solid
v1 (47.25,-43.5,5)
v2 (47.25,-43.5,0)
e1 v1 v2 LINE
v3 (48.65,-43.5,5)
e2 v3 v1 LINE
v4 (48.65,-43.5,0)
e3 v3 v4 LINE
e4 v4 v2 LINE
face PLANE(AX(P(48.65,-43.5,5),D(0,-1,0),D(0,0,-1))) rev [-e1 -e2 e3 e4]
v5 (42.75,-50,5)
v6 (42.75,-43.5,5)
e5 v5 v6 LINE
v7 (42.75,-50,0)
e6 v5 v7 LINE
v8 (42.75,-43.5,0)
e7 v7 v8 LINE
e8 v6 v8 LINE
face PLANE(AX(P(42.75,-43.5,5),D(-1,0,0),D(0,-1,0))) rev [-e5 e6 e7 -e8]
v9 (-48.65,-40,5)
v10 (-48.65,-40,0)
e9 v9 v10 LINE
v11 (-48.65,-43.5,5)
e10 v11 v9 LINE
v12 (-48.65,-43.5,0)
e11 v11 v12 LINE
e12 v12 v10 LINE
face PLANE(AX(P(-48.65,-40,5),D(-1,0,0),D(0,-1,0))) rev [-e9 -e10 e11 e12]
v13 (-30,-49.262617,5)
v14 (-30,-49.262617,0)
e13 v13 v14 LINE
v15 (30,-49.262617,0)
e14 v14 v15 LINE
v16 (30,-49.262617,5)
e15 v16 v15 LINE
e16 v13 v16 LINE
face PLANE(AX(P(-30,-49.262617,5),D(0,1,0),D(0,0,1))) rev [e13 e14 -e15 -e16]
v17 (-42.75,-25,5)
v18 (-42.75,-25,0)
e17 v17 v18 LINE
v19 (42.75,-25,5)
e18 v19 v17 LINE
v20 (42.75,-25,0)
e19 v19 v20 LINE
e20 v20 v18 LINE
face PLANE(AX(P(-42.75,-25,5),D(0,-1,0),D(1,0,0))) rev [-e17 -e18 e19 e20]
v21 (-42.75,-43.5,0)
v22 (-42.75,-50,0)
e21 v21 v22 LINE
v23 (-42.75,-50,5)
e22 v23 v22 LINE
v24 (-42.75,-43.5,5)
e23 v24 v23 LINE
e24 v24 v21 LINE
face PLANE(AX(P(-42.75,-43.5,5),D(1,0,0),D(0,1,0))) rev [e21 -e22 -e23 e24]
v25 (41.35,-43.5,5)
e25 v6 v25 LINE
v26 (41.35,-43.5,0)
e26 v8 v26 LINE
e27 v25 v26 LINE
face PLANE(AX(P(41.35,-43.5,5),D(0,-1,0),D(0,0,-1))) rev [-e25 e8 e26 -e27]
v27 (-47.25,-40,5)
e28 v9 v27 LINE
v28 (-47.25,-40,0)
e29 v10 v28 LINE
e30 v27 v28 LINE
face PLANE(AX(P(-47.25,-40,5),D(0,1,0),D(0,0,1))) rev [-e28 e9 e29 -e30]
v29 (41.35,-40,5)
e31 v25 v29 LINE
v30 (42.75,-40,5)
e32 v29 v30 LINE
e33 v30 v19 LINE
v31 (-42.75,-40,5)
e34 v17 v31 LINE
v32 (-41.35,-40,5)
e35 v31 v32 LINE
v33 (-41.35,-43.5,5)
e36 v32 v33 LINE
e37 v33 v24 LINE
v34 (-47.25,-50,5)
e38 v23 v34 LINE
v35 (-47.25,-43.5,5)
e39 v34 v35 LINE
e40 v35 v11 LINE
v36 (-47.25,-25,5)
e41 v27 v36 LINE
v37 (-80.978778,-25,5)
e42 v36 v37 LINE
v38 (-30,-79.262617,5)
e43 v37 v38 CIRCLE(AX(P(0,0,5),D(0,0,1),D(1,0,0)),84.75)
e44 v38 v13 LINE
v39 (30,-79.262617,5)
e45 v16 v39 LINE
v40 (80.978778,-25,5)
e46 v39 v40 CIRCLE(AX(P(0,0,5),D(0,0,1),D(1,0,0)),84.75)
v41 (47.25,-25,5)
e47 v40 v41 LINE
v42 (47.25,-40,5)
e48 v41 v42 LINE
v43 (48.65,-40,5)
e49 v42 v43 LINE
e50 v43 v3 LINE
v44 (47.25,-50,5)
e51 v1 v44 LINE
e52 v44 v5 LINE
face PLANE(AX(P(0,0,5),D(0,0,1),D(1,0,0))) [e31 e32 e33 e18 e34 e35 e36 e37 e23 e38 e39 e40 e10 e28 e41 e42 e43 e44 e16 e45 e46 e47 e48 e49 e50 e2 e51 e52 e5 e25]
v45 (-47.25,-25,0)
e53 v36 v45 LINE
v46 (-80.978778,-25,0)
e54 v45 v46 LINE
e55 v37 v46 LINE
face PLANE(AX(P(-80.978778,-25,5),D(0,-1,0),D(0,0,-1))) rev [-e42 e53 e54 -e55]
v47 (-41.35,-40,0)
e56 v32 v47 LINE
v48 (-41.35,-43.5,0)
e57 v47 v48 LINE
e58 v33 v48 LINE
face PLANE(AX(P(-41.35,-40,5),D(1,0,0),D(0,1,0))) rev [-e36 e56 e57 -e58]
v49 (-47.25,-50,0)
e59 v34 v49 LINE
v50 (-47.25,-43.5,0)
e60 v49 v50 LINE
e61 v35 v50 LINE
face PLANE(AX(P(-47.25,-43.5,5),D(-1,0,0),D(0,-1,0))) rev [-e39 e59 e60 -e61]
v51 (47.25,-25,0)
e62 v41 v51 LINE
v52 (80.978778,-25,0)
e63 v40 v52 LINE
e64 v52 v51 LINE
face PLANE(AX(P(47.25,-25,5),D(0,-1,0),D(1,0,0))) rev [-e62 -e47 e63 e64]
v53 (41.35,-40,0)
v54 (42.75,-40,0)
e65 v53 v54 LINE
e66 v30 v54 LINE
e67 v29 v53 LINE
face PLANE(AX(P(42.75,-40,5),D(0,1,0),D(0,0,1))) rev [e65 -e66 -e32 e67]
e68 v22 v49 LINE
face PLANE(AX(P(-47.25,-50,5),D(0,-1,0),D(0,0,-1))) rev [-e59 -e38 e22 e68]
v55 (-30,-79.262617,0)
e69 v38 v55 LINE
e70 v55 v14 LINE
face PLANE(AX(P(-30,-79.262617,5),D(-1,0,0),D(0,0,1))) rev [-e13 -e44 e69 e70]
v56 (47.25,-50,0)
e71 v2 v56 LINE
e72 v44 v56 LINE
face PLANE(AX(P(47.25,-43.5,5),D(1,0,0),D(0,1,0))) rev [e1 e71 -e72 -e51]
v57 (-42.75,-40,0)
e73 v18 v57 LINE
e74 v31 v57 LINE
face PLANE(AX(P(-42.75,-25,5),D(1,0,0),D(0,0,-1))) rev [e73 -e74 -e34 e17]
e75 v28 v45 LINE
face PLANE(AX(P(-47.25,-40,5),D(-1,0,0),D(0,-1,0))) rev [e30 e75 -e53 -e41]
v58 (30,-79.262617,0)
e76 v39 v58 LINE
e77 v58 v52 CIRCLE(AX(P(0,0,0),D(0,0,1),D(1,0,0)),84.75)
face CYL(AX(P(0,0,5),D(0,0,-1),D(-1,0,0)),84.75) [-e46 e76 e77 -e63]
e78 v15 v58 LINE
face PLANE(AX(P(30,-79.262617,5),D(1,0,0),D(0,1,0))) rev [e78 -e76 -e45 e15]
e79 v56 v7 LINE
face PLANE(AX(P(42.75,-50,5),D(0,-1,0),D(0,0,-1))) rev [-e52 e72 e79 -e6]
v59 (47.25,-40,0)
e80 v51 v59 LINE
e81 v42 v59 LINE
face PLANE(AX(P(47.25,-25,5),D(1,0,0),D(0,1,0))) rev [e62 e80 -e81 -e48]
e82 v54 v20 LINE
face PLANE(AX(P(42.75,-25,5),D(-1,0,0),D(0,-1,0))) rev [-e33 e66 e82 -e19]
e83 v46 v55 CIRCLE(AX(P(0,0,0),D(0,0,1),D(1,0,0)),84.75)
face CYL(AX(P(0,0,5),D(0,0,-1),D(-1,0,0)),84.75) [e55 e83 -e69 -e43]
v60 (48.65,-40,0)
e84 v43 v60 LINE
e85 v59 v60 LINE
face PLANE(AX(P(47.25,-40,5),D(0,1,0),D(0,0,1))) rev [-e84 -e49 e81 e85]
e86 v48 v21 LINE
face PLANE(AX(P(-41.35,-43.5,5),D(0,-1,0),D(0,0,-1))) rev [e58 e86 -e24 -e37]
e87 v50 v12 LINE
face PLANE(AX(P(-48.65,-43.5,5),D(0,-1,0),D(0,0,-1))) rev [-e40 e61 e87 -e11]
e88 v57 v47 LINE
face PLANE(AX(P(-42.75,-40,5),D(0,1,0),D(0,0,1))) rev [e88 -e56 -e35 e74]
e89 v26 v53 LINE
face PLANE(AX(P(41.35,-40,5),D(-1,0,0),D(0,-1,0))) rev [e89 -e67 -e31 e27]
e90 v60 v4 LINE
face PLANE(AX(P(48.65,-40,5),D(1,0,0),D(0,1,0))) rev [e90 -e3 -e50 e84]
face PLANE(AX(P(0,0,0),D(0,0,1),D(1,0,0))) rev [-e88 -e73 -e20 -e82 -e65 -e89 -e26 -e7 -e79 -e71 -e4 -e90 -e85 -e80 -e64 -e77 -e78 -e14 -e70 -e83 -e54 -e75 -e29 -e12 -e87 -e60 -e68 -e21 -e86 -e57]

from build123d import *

# Parameters (mm, degrees)
EXTRUDE_1_DEPTH = 5


with BuildPart() as part:
    # 草图1 → 凸台-拉伸1 (new body)
    with BuildSketch(Plane.XY):
        with BuildLine():
            Line((-80.978778084, -25), (-47.25, -25))
            Line((-47.25, -25), (-47.25, -40))
            Line((-47.25, -40), (-48.65, -40))
            Line((-48.65, -40), (-48.65, -43.5))
            Line((-48.65, -43.5), (-47.25, -43.5))
            Line((-47.25, -43.5), (-47.25, -50))
            Line((-47.25, -50), (-42.75, -50))
            Line((-42.75, -50), (-42.75, -43.5))
            Line((-42.75, -43.5), (-41.35, -43.5))
            Line((-41.35, -43.5), (-41.35, -40))
            Line((-41.35, -40), (-42.75, -40))
            Line((-42.75, -40), (-42.75, -25))
            Line((-42.75, -25), (42.75, -25))
            Line((42.75, -25), (42.75, -40))
            Line((42.75, -40), (41.35, -40))
            Line((41.35, -40), (41.35, -43.5))
            Line((41.35, -43.5), (42.75, -43.5))
            Line((42.75, -43.5), (42.75, -50))
            Line((42.75, -50), (47.25, -50))
            Line((47.25, -50), (47.25, -43.5))
            Line((47.25, -43.5), (48.65, -43.5))
            Line((48.65, -43.5), (48.65, -40))
            Line((48.65, -40), (47.25, -40))
            Line((47.25, -40), (47.25, -25))
            Line((47.25, -25), (80.978778084, -25))
            ThreePointArc((80.978778084, -25), (61.76714503, -58.029150389), (30, -79.262617292))
            Line((30, -79.262617292), (30, -49.262617292))
            Line((30, -49.262617292), (-30, -49.262617292))
            Line((-30, -49.262617292), (-30, -79.262617292))
            ThreePointArc((-30, -79.262617292), (-61.76714503, -58.029150389), (-80.978778084, -25))
        make_face()
    extrude(amount=EXTRUDE_1_DEPTH)


solid = part.part
